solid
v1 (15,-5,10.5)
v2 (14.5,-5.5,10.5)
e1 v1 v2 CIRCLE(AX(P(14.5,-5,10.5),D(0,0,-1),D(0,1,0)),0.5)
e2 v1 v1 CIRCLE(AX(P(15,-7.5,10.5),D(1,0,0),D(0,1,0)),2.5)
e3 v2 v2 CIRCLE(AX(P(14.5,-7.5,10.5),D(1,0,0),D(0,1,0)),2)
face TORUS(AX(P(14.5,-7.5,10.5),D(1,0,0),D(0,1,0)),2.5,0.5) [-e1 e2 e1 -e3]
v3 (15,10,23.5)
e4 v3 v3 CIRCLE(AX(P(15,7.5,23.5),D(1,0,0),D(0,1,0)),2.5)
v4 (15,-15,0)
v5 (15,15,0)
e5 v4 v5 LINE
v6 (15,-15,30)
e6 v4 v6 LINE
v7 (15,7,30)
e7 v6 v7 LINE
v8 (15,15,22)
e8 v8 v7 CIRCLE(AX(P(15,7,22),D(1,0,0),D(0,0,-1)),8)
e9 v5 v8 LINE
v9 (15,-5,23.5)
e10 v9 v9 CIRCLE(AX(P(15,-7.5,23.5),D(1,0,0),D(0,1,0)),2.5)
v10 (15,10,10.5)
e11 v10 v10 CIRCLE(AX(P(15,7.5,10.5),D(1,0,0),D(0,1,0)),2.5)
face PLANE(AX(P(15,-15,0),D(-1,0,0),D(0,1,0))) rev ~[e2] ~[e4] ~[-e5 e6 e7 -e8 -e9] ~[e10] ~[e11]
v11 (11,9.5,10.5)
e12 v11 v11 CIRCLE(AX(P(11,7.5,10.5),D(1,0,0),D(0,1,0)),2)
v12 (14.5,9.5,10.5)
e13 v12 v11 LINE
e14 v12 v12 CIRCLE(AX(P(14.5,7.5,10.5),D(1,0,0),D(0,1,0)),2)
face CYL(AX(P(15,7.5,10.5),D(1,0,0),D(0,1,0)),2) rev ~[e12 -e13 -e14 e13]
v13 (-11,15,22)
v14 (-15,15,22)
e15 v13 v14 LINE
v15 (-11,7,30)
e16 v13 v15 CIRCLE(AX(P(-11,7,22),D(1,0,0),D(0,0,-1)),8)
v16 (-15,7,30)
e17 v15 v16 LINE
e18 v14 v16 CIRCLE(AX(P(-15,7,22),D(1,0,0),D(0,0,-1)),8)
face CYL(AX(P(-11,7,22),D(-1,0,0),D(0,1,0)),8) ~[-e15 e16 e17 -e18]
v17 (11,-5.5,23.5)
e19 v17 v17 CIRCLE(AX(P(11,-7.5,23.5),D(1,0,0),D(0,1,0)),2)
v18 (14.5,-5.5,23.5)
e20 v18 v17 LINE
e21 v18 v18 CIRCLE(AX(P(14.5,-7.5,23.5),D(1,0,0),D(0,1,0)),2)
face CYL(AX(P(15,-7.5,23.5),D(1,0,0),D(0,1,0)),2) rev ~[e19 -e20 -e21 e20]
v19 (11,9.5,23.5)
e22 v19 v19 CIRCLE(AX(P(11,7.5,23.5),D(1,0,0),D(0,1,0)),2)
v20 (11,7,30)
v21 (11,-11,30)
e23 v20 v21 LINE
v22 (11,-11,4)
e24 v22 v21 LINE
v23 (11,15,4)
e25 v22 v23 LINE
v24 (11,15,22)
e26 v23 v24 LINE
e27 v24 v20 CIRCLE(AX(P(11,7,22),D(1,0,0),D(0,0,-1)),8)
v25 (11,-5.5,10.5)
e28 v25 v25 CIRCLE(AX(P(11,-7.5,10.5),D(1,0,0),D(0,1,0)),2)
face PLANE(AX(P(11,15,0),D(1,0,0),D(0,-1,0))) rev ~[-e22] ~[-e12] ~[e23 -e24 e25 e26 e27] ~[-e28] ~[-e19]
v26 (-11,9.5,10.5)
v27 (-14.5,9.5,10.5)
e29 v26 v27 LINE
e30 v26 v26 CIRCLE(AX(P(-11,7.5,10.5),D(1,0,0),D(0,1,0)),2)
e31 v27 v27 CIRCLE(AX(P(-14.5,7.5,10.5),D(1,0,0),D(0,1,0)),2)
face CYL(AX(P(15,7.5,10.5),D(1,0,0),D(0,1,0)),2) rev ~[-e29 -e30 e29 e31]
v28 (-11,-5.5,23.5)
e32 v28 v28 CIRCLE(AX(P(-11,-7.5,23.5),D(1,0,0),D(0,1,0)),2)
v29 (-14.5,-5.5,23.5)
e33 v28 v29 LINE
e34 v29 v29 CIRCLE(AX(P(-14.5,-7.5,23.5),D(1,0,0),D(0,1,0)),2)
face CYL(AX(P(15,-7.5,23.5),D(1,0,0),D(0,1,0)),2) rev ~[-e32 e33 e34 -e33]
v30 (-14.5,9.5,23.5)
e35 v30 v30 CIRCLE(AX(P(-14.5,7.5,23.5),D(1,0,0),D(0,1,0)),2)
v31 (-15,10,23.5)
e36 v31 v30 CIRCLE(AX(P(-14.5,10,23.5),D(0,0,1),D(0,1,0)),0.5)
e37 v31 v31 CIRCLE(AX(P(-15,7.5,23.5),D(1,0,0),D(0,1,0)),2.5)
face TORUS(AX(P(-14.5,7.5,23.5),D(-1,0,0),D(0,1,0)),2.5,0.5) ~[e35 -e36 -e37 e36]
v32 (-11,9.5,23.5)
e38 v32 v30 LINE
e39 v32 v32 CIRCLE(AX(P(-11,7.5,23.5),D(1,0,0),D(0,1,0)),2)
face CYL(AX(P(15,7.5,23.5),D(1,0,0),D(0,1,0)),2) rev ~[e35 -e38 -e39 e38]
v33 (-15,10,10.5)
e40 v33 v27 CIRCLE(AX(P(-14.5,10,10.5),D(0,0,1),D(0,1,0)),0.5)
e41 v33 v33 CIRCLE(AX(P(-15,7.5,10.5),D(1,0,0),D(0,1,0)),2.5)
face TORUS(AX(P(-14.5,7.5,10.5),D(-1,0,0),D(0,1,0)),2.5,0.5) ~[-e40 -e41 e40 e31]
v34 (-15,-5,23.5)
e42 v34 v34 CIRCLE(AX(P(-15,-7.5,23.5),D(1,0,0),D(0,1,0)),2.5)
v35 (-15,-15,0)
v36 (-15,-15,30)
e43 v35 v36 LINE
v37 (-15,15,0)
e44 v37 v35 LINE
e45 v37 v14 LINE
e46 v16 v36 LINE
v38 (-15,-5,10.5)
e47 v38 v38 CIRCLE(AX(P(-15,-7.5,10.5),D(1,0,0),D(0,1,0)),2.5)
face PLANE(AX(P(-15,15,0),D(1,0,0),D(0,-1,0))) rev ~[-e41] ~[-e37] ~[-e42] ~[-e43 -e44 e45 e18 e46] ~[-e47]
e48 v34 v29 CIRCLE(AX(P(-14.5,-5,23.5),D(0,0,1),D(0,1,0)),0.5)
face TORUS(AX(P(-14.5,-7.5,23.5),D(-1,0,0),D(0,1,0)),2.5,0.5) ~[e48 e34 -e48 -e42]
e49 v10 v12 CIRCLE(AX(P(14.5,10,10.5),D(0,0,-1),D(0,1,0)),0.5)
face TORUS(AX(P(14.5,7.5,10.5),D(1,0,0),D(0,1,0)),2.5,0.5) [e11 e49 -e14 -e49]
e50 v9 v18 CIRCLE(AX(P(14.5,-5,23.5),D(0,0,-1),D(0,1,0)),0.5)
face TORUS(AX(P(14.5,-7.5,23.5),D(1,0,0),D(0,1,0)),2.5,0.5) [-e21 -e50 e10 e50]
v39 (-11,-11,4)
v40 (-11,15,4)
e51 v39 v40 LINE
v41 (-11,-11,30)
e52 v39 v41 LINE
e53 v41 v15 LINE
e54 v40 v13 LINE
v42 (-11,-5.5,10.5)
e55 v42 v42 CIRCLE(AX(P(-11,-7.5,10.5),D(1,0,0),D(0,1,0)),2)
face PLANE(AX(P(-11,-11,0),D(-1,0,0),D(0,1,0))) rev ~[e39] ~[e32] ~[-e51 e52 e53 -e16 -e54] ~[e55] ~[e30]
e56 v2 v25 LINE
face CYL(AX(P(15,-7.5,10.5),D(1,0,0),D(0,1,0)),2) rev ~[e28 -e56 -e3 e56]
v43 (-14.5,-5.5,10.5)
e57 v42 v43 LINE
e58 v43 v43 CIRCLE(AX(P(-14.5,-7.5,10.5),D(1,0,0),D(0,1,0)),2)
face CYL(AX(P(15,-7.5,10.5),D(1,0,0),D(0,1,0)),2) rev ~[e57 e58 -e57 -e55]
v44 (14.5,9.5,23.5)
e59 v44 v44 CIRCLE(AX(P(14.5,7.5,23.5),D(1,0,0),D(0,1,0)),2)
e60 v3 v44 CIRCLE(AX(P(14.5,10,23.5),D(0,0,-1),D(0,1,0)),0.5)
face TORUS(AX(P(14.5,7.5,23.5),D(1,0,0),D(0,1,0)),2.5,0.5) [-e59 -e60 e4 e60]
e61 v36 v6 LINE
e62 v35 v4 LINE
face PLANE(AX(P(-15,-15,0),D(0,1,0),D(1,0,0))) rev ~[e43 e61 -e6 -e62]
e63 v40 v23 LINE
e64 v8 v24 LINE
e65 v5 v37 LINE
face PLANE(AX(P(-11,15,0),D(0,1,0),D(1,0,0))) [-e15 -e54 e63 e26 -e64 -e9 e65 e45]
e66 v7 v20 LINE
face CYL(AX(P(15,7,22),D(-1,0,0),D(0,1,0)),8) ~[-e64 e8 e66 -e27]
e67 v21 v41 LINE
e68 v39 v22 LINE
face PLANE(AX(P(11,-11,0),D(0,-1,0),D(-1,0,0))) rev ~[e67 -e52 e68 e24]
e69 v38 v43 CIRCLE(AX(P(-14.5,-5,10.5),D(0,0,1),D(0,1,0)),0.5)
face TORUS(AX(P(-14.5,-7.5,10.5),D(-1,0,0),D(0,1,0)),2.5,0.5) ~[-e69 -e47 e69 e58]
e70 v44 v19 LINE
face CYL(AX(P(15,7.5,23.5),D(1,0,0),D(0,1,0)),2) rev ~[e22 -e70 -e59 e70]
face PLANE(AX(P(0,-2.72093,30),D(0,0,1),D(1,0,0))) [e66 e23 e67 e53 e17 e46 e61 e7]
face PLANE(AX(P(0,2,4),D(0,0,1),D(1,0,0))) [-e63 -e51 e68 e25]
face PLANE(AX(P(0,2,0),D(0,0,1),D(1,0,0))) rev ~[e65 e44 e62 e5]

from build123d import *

# Parameters (mm, degrees)
F1_DEPTH = 30
F0_W     = 22
F0_H     = 26
F2_DEPTH = 4
F3_R     = 8
F4_R     = 2
F5_DEPTH = 35
F6_R     = 0.5


with BuildPart() as f1:
    # F0 (on Top) → F1 (new body)
    with BuildSketch(Plane.XY):
        Polygon((-11, 15), (-15, 15), (-15, -15), (15, -15), (15, 15), (11, 15), (11, -11), (-11, -11), align=None)
    extrude(amount=F1_DEPTH)

    # F0 (on Top) → F2 (join)
    with BuildSketch(Plane.XY):
        with Locations((0, 2)):
            Rectangle(F0_W, F0_H)
    extrude(amount=F2_DEPTH)

    # F3
    f3_edges = [f1.edges().sort_by_distance(p)[0] for p in [
        (-13, 15, 30),
        (13, 15, 30),
    ]]
    fillet(f3_edges, radius=F3_R)

    # F4 (on face) → F5 (cut)
    with BuildSketch(Plane.YZ.offset(15)):
        with Locations((7.5, 23.5)):
            Circle(F4_R)
        with Locations((-7.5, 23.5)):
            Circle(F4_R)
        with Locations((-7.5, 10.5)):
            Circle(F4_R)
        with Locations((7.5, 10.5)):
            Circle(F4_R)
    extrude(amount=-F5_DEPTH, mode=Mode.SUBTRACT)

    # F6
    f6_edges = [f1.edges().sort_by_distance(p)[0] for p in [
        (15, -9.5, 10.5),
        (15, 5.5, 10.5),
        (15, 5.5, 23.5),
        (15, -9.5, 23.5),
        (-15, 5.5, 10.5),
        (-15, 5.5, 23.5),
        (-15, -9.5, 23.5),
        (-15, -9.5, 10.5),
    ]]
    fillet(f6_edges, radius=F6_R)


solid = f1.part
